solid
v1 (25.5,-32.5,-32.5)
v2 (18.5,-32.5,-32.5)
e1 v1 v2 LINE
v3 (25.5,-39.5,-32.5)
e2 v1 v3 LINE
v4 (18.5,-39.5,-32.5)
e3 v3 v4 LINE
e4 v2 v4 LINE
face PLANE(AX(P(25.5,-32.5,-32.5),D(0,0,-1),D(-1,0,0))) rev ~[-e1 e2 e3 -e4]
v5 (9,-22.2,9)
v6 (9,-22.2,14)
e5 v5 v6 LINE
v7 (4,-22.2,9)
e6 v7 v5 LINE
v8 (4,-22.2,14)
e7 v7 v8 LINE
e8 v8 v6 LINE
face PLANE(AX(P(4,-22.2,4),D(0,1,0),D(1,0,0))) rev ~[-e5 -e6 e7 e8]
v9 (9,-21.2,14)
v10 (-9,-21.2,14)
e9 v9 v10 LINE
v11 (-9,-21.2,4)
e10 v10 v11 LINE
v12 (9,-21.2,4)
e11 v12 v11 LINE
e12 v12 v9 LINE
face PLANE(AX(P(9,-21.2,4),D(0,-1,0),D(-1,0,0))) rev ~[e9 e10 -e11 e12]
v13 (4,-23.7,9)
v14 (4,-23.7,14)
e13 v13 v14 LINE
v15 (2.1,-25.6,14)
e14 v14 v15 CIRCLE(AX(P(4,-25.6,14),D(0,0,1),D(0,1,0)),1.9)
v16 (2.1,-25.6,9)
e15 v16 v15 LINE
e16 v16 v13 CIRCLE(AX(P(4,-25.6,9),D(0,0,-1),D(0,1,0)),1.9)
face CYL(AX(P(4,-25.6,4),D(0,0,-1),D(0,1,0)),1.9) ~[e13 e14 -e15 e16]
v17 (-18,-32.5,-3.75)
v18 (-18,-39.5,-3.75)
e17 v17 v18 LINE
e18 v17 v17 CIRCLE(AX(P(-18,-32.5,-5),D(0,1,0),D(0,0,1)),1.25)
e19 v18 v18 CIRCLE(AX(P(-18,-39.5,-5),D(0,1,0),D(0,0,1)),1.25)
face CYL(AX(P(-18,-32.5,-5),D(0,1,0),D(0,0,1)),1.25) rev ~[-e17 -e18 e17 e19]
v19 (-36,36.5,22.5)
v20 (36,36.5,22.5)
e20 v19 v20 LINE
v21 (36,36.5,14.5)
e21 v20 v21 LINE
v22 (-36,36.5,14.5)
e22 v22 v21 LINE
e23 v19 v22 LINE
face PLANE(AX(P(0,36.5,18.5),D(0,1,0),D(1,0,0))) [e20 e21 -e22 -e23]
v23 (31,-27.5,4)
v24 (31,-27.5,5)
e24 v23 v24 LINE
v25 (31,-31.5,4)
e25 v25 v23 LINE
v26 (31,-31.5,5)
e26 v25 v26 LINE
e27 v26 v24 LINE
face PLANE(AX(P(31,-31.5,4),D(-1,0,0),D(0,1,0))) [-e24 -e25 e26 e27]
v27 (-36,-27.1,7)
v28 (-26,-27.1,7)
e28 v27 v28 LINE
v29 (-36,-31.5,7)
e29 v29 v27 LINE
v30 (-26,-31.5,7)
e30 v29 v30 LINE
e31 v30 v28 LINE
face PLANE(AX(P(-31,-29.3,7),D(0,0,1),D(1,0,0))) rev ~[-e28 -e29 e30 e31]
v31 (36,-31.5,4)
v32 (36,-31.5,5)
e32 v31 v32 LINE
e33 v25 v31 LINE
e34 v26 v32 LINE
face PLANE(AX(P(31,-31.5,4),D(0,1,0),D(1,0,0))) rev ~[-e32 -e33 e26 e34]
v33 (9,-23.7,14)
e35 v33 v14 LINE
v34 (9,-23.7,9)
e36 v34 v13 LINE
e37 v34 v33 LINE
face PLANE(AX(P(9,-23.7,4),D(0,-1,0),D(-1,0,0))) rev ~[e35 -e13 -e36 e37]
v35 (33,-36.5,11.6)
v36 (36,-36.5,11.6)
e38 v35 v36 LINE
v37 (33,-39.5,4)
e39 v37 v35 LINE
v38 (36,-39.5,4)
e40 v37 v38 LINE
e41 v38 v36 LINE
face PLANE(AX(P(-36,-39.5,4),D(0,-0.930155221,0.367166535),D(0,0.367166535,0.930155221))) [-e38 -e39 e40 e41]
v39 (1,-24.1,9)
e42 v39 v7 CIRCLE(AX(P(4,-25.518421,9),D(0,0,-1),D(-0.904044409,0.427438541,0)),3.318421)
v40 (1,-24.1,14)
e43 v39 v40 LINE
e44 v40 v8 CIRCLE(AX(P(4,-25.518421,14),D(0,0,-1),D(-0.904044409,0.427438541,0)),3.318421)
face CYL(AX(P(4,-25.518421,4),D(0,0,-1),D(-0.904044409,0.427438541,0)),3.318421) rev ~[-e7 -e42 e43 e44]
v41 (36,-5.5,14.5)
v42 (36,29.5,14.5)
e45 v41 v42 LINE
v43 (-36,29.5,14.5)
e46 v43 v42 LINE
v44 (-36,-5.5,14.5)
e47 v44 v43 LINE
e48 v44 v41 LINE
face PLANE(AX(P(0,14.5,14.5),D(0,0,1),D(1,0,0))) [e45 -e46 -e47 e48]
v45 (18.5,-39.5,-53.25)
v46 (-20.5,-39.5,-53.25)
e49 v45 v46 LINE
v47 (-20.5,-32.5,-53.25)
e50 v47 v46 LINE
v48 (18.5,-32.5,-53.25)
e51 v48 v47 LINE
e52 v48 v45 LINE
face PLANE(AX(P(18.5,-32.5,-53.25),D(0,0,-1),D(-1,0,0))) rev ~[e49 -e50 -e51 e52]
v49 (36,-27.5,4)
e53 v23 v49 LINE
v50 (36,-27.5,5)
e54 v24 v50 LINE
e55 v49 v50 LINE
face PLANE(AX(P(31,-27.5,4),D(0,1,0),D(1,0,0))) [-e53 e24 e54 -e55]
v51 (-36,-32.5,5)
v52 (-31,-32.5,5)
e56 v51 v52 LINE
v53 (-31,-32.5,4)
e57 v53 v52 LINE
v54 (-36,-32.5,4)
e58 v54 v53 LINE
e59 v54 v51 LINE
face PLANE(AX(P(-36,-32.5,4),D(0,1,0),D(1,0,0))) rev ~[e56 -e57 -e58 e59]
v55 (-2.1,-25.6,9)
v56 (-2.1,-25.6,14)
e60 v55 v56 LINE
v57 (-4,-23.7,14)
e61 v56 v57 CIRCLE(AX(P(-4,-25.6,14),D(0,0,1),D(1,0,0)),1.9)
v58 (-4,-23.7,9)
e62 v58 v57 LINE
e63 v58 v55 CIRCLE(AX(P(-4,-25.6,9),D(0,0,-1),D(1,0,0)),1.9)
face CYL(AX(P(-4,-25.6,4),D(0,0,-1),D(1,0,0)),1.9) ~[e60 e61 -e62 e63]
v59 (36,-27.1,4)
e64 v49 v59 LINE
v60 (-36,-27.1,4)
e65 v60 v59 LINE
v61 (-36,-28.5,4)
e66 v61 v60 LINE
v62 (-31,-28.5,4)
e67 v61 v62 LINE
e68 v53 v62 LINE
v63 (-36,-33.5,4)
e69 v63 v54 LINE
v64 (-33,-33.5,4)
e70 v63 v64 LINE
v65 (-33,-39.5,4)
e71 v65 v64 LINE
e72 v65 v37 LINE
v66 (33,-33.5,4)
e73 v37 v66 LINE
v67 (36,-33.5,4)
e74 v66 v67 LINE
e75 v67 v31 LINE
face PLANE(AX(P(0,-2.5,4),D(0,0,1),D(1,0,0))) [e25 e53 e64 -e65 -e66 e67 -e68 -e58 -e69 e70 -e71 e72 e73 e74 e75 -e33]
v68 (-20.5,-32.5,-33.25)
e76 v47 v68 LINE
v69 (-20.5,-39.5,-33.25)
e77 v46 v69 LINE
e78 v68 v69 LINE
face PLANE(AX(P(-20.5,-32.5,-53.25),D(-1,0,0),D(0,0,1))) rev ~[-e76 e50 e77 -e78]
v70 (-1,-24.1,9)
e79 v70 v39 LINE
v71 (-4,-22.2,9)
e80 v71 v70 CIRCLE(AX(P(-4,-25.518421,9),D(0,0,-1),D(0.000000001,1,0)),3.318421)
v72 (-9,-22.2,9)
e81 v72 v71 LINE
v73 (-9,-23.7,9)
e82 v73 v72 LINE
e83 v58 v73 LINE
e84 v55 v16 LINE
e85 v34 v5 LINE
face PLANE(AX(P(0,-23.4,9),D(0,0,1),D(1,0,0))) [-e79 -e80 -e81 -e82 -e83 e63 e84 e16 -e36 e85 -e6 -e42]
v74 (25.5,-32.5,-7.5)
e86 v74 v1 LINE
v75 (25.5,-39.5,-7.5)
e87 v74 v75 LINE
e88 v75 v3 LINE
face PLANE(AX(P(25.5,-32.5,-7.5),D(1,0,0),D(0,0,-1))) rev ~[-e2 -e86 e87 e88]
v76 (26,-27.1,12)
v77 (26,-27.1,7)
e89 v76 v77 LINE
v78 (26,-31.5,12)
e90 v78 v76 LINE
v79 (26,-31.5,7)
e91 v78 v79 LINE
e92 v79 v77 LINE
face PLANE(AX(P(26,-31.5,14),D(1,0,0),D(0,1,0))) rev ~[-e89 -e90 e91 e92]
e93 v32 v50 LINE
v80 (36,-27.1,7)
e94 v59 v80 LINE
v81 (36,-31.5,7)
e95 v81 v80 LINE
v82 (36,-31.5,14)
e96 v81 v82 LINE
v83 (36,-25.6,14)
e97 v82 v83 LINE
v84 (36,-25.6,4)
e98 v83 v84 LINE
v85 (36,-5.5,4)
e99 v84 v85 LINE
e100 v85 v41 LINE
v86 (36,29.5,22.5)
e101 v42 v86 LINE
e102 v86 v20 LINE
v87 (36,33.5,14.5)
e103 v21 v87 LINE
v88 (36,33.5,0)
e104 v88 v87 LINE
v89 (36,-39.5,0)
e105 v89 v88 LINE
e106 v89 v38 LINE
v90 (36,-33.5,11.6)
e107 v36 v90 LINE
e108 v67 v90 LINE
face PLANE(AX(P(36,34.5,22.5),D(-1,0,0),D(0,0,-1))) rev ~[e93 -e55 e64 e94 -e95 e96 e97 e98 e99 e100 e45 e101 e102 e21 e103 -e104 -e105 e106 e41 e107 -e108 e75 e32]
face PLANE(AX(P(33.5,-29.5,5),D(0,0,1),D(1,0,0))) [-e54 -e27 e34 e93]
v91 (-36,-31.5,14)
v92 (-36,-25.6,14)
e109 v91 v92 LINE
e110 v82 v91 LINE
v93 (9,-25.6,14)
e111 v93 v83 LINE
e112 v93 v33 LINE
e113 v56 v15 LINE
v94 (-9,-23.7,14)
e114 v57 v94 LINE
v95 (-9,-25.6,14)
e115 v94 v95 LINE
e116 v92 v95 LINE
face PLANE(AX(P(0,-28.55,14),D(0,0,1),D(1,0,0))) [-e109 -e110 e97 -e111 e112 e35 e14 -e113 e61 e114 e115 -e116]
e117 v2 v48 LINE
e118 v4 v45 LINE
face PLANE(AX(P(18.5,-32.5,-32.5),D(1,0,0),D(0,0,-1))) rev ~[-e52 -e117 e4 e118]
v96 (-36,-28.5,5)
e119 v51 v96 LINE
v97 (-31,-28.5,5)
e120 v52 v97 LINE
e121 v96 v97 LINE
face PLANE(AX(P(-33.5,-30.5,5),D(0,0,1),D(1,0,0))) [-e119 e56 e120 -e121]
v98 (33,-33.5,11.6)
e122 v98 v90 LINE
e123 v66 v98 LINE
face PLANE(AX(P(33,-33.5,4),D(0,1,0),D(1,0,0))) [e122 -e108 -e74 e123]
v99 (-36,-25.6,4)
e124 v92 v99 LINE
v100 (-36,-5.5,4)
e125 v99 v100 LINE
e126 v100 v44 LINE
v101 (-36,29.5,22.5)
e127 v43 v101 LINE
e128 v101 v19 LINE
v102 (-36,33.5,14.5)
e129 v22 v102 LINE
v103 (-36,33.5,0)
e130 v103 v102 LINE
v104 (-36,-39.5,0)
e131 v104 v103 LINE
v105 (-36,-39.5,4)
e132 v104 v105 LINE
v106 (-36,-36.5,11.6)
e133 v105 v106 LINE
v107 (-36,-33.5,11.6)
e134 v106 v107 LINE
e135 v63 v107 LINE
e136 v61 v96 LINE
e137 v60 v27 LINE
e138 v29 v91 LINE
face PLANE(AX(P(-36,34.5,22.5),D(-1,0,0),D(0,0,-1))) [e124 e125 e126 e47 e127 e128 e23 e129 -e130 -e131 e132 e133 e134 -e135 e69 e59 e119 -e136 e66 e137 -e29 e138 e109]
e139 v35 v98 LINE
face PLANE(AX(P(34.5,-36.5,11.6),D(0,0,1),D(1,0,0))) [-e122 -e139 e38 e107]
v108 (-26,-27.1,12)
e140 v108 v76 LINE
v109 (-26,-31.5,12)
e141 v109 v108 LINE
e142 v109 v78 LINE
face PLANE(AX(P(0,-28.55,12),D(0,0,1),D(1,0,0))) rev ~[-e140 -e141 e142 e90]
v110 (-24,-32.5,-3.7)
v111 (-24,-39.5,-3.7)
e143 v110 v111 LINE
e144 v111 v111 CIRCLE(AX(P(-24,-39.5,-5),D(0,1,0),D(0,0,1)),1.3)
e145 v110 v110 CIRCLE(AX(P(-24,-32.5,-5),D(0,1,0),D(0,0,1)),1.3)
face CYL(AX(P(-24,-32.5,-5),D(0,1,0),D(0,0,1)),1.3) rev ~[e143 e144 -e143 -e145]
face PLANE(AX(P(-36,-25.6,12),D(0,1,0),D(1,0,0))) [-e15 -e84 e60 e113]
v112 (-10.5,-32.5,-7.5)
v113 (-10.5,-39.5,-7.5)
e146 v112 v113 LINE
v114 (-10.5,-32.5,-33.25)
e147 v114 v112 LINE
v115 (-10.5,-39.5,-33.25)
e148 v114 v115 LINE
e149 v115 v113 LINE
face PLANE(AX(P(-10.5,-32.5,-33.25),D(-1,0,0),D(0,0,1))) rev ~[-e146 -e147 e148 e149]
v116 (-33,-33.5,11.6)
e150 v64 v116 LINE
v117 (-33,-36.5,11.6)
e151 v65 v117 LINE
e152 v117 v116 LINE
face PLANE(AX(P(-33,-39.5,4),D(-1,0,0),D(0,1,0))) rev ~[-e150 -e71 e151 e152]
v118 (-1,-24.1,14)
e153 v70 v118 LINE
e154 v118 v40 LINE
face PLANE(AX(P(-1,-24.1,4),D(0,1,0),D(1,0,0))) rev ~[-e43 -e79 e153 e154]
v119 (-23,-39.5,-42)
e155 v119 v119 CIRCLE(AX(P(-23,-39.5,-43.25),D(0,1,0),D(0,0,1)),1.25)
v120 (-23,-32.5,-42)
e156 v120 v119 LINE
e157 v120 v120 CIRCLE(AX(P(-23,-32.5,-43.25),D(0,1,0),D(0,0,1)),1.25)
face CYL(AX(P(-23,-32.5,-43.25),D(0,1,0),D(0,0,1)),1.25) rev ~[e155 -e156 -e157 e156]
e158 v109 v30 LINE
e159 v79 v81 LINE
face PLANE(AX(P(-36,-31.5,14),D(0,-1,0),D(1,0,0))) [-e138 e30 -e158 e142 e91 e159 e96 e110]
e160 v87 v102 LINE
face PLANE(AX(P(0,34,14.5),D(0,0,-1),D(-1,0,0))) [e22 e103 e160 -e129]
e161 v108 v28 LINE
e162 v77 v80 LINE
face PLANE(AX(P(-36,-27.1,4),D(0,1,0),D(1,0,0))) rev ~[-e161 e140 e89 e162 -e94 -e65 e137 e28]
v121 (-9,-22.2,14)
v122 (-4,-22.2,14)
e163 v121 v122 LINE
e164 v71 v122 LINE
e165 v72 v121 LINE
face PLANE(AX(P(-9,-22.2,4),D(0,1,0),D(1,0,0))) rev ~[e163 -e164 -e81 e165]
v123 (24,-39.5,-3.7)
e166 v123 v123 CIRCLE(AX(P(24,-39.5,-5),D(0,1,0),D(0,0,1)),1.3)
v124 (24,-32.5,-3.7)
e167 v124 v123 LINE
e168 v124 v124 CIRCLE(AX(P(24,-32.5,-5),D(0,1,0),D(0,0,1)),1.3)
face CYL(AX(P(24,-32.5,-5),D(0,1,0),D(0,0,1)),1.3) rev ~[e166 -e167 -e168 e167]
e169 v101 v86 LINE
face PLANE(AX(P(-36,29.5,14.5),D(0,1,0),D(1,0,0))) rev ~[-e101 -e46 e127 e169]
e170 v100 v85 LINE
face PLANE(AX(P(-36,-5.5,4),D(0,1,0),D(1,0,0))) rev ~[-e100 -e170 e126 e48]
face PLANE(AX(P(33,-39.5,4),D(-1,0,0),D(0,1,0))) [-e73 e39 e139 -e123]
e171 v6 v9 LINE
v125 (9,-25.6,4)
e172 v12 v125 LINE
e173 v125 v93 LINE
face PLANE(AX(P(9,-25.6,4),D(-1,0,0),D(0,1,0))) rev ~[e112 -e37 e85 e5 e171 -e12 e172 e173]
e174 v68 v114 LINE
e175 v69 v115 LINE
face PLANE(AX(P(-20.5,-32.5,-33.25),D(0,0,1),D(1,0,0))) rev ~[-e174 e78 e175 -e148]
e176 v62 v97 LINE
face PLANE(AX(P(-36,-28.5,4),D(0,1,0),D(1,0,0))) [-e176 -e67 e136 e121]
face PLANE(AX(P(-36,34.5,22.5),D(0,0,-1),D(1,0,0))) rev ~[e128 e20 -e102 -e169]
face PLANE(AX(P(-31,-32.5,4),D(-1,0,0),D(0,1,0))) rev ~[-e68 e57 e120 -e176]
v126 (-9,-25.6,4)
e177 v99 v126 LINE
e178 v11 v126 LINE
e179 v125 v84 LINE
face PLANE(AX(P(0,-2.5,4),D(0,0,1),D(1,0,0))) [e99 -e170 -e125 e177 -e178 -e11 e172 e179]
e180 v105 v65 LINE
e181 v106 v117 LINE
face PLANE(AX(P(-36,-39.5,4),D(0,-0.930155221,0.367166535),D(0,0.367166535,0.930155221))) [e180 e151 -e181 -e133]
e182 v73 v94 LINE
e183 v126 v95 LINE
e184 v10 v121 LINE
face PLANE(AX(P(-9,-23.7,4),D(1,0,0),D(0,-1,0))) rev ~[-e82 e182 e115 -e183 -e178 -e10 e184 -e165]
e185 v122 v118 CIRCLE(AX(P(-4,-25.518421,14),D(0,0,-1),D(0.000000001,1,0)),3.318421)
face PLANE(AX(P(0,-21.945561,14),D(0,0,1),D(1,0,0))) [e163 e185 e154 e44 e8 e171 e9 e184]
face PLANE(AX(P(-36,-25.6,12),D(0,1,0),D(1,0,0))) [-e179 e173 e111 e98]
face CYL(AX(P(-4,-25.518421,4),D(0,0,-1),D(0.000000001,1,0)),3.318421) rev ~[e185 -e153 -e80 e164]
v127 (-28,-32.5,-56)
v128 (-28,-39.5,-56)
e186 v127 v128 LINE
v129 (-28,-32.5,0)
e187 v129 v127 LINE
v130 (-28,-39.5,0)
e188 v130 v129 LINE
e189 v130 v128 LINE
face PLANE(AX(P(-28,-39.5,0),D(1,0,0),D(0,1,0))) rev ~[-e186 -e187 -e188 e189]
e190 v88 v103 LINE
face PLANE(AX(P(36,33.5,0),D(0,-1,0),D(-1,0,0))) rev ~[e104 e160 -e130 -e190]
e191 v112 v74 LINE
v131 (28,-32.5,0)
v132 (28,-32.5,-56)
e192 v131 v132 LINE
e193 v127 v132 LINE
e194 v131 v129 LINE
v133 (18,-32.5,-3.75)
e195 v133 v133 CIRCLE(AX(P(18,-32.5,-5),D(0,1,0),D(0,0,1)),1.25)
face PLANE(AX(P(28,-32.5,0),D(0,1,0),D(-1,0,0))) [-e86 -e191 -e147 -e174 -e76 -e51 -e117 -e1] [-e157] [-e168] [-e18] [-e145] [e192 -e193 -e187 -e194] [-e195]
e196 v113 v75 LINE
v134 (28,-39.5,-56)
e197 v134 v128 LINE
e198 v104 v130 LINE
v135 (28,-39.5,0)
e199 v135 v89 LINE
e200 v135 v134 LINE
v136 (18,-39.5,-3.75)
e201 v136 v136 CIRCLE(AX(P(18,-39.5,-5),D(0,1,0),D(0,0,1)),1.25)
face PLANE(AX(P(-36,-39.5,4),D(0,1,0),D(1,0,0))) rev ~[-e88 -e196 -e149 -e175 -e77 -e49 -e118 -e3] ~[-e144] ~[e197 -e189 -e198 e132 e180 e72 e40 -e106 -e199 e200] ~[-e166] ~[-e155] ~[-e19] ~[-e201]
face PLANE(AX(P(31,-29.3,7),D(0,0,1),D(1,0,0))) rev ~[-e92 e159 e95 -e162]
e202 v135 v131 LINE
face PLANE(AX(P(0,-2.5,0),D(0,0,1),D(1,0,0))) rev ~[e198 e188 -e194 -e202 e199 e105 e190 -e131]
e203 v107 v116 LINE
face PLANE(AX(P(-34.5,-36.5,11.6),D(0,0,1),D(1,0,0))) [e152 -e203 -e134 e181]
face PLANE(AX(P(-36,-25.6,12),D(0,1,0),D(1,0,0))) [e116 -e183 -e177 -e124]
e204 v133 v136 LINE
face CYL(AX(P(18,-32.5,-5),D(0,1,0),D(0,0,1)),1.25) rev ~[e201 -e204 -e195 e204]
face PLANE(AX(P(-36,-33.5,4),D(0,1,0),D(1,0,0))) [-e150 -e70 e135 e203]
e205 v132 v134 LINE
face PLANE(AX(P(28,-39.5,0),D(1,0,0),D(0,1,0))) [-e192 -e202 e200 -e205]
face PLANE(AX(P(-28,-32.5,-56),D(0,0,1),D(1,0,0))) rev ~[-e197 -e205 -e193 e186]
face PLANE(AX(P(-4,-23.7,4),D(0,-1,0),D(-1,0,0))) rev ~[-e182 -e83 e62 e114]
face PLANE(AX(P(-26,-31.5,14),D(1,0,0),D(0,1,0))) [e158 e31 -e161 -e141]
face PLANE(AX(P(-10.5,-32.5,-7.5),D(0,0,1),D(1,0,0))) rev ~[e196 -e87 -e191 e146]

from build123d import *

# Parameters (mm, degrees)
CROQUIS1_W               = 72
CROQUIS1_H               = 74
SALIENTE_EXTRUIR3_DEPTH  = 4
CROQUIS2_W               = 3
CROQUIS2_H               = 6
SALIENTE_EXTRUIR4_DEPTH  = 7.6
CORTAR_EXTRUIR3_DEPTH    = 83.938591741
CROQUIS5_W               = 5
CROQUIS5_H               = 4
SALIENTE_EXTRUIR5_DEPTH  = 1
CROQUIS9_W               = 72
CROQUIS9_H               = 1.5
SALIENTE_EXTRUIR6_DEPTH  = 8
CROQUIS10_W              = 72
CROQUIS10_H              = 5.9
SALIENTE_EXTRUIR7_DEPTH  = 2
CROQUIS11_W              = 10
CROQUIS11_H              = 4.4
SALIENTE_EXTRUIR10_DEPTH = 7
SALIENTE_EXTRUIR14_DEPTH = 10
CROQUIS15_W              = 18
CROQUIS15_H              = 4.4
SALIENTE_EXTRUIR15_DEPTH = 5
CROQUIS16_W              = 72
CROQUIS16_H              = 40
SALIENTE_EXTRUIR16_DEPTH = 10.5
CROQUIS17_W              = 72
CROQUIS17_H              = 5
SALIENTE_EXTRUIR17_DEPTH = 8
CROQUIS18_W              = 72
CROQUIS18_H              = 8
SALIENTE_EXTRUIR19_DEPTH = 2
CROQUIS19_W              = 72
CROQUIS19_H              = 1
CORTAR_EXTRUIR4_DEPTH    = 14.5
CROQUIS20_W              = 56
CROQUIS20_H              = 7
SALIENTE_EXTRUIR20_DEPTH = 65
CORTAR_EXTRUIR6_REACH    = 103.4
CROQUIS27_W              = 56
CROQUIS27_H              = 9
CROQUIS26_R              = 1.25
CROQUIS26_R_2            = 1.3
CORTAR_EXTRUIR8_DEPTH    = 10


with BuildPart() as part:
    # Croquis1 → Saliente-Extruir3 (new body)
    with BuildSketch(Plane.XY):
        with Locations((0, -2.5)):
            Rectangle(CROQUIS1_W, CROQUIS1_H)
    extrude(amount=SALIENTE_EXTRUIR3_DEPTH)

    # Croquis2 → Saliente-Extruir4 (add)
    with BuildSketch(Plane.XY.offset(4)):
        with Locations((-34.5, -36.5)):
            Rectangle(CROQUIS2_W, CROQUIS2_H)
        with Locations((34.5, -36.5)):
            Rectangle(CROQUIS2_W, CROQUIS2_H)
    extrude(amount=SALIENTE_EXTRUIR4_DEPTH)

    # Croquis3 → Cortar-Extruir3 (cut, through all)
    with BuildSketch(Plane.ZY.offset(36)):
        Polygon((4, -39.5), (11.6, -36.5), (11.6, -39.5), align=None)
    extrude(amount=-CORTAR_EXTRUIR3_DEPTH, mode=Mode.SUBTRACT)

    # Croquis5 → Saliente-Extruir5 (add)
    with BuildSketch(Plane.XY.offset(4)):
        with Locations((-33.5, -30.5)):
            Rectangle(CROQUIS5_W, CROQUIS5_H)
        with Locations((33.5, -29.5)):
            Rectangle(CROQUIS5_W, CROQUIS5_H)
    extrude(amount=SALIENTE_EXTRUIR5_DEPTH)

    # Croquis9 → Saliente-Extruir6 (add)
    with BuildSketch(Plane.XY.offset(4)):
        with Locations((0, -26.35)):
            Rectangle(CROQUIS9_W, CROQUIS9_H)
    extrude(amount=SALIENTE_EXTRUIR6_DEPTH)

    # Croquis10 → Saliente-Extruir7 (add)
    with BuildSketch(Plane.XY.offset(12)):
        with Locations((0, -28.55)):
            Rectangle(CROQUIS10_W, CROQUIS10_H)
    extrude(amount=SALIENTE_EXTRUIR7_DEPTH)

    # Croquis11 → Saliente-Extruir10 (add)
    with BuildSketch(Plane.XY.offset(14)):
        with Locations((-31, -29.3)):
            Rectangle(CROQUIS11_W, CROQUIS11_H)
        with Locations((31, -29.3)):
            Rectangle(CROQUIS11_W, CROQUIS11_H)
    extrude(amount=-SALIENTE_EXTRUIR10_DEPTH)

    # Croquis14 → Saliente-Extruir14 (add)
    with BuildSketch(Plane.XY.offset(4)):
        with BuildLine():
            Line((-9, -23.7), (-9, -25.6))
            Line((-9, -25.6), (-2.1, -25.6))
            ThreePointArc((-2.1, -25.6), (-2.656497116, -24.256497116), (-4, -23.7))
            Line((-4, -23.7), (-9, -23.7))
        make_face()
        with BuildLine():
            Line((-9, -21.2), (-9, -22.2))
            Line((-9, -22.2), (-4, -22.2))
            ThreePointArc((-4, -22.2), (-2.22447191, -22.714955647), (-1, -24.1))
            Line((-1, -24.1), (1, -24.1))
            ThreePointArc((1, -24.1), (2.22447191, -22.714955647), (4, -22.2))
            Line((4, -22.2), (9, -22.2))
            Line((9, -22.2), (9, -21.2))
            Line((9, -21.2), (-9, -21.2))
        make_face()
        with BuildLine():
            ThreePointArc((4, -23.7), (2.656497116, -24.256497116), (2.1, -25.6))
            Line((2.1, -25.6), (9, -25.6))
            Line((9, -25.6), (9, -23.7))
            Line((9, -23.7), (4, -23.7))
        make_face()
    extrude(amount=SALIENTE_EXTRUIR14_DEPTH)

    # Croquis15 → Saliente-Extruir15 (add)
    with BuildSketch(Plane.XY.offset(4)):
        with Locations((0, -23.4)):
            Rectangle(CROQUIS15_W, CROQUIS15_H)
    extrude(amount=SALIENTE_EXTRUIR15_DEPTH)

    # Croquis16 → Saliente-Extruir16 (add)
    with BuildSketch(Plane.XY.offset(4)):
        with Locations((0, 14.5)):
            Rectangle(CROQUIS16_W, CROQUIS16_H)
    extrude(amount=SALIENTE_EXTRUIR16_DEPTH)

    # Croquis17 → Saliente-Extruir17 (add)
    with BuildSketch(Plane.XY.offset(14.5)):
        with Locations((0, 32)):
            Rectangle(CROQUIS17_W, CROQUIS17_H)
    extrude(amount=SALIENTE_EXTRUIR17_DEPTH)

    # Croquis18 → Saliente-Extruir19 (add)
    with BuildSketch(Plane(origin=(0, 34.5, 0), x_dir=(1, 0, 0), z_dir=(0, 1, 0))):
        with Locations((0, -18.5)):
            Rectangle(CROQUIS18_W, CROQUIS18_H)
    extrude(amount=SALIENTE_EXTRUIR19_DEPTH)

    # Croquis19 → Cortar-Extruir4 (cut)
    with BuildSketch(Plane(origin=(0, 0, 0), x_dir=(-1, 0, 0), z_dir=(0, 0, -1))):
        with Locations((0, 34)):
            Rectangle(CROQUIS19_W, CROQUIS19_H)
    extrude(amount=-CORTAR_EXTRUIR4_DEPTH, mode=Mode.SUBTRACT)

    # Croquis20 → Saliente-Extruir20 (add)
    with BuildSketch(Plane(origin=(0, 0, 0), x_dir=(-1, 0, 0), z_dir=(0, 0, -1))):
        with Locations((0, -36)):
            Rectangle(CROQUIS20_W, CROQUIS20_H)
    extrude(amount=SALIENTE_EXTRUIR20_DEPTH)

    # Croquis27 → Cortar-Extruir6 (cut, up to next)
    with BuildSketch(Plane(origin=(0, -32.5, 0), x_dir=(1, 0, 0), z_dir=(0, 1, 0)), mode=Mode.PRIVATE) as cortar_extruir6_sk1:
        with Locations((0, 60.5)):
            Rectangle(CROQUIS27_W, CROQUIS27_H)
    cortar_extruir6_tool1 = extrude(cortar_extruir6_sk1.sketch, amount=-CORTAR_EXTRUIR6_REACH, mode=Mode.PRIVATE) & part.part
    add(cortar_extruir6_tool1.solids().sort_by_distance((0, -32.5, -60.5))[0], mode=Mode.SUBTRACT)

    # Croquis26 → Cortar-Extruir8 (cut)
    with BuildSketch(Plane(origin=(0, -32.5, 0), x_dir=(1, 0, 0), z_dir=(0, 1, 0))):
        with Locations(Location((-18, 5, 0), (0, 0, 270))):
            Circle(CROQUIS26_R)
        with Locations(Location((18, 5, 0), (0, 0, 270))):
            Circle(CROQUIS26_R)
        with Locations(Location((-23, 43.25, 0), (0, 0, 270))):
            Circle(CROQUIS26_R)
        with Locations(Location((-24, 5, 0), (0, 0, 270))):
            Circle(CROQUIS26_R_2)
        Polygon((18.5, 53.25), (-20.5, 53.25), (-20.5, 33.25), (-10.5, 33.25), (-10.5, 7.5), (25.5, 7.5), (25.5, 32.5), (18.5, 32.5), align=None)
        with Locations(Location((24, 5, 0), (0, 0, 270))):
            Circle(CROQUIS26_R_2)
    extrude(amount=-CORTAR_EXTRUIR8_DEPTH, mode=Mode.SUBTRACT)


solid = part.part
